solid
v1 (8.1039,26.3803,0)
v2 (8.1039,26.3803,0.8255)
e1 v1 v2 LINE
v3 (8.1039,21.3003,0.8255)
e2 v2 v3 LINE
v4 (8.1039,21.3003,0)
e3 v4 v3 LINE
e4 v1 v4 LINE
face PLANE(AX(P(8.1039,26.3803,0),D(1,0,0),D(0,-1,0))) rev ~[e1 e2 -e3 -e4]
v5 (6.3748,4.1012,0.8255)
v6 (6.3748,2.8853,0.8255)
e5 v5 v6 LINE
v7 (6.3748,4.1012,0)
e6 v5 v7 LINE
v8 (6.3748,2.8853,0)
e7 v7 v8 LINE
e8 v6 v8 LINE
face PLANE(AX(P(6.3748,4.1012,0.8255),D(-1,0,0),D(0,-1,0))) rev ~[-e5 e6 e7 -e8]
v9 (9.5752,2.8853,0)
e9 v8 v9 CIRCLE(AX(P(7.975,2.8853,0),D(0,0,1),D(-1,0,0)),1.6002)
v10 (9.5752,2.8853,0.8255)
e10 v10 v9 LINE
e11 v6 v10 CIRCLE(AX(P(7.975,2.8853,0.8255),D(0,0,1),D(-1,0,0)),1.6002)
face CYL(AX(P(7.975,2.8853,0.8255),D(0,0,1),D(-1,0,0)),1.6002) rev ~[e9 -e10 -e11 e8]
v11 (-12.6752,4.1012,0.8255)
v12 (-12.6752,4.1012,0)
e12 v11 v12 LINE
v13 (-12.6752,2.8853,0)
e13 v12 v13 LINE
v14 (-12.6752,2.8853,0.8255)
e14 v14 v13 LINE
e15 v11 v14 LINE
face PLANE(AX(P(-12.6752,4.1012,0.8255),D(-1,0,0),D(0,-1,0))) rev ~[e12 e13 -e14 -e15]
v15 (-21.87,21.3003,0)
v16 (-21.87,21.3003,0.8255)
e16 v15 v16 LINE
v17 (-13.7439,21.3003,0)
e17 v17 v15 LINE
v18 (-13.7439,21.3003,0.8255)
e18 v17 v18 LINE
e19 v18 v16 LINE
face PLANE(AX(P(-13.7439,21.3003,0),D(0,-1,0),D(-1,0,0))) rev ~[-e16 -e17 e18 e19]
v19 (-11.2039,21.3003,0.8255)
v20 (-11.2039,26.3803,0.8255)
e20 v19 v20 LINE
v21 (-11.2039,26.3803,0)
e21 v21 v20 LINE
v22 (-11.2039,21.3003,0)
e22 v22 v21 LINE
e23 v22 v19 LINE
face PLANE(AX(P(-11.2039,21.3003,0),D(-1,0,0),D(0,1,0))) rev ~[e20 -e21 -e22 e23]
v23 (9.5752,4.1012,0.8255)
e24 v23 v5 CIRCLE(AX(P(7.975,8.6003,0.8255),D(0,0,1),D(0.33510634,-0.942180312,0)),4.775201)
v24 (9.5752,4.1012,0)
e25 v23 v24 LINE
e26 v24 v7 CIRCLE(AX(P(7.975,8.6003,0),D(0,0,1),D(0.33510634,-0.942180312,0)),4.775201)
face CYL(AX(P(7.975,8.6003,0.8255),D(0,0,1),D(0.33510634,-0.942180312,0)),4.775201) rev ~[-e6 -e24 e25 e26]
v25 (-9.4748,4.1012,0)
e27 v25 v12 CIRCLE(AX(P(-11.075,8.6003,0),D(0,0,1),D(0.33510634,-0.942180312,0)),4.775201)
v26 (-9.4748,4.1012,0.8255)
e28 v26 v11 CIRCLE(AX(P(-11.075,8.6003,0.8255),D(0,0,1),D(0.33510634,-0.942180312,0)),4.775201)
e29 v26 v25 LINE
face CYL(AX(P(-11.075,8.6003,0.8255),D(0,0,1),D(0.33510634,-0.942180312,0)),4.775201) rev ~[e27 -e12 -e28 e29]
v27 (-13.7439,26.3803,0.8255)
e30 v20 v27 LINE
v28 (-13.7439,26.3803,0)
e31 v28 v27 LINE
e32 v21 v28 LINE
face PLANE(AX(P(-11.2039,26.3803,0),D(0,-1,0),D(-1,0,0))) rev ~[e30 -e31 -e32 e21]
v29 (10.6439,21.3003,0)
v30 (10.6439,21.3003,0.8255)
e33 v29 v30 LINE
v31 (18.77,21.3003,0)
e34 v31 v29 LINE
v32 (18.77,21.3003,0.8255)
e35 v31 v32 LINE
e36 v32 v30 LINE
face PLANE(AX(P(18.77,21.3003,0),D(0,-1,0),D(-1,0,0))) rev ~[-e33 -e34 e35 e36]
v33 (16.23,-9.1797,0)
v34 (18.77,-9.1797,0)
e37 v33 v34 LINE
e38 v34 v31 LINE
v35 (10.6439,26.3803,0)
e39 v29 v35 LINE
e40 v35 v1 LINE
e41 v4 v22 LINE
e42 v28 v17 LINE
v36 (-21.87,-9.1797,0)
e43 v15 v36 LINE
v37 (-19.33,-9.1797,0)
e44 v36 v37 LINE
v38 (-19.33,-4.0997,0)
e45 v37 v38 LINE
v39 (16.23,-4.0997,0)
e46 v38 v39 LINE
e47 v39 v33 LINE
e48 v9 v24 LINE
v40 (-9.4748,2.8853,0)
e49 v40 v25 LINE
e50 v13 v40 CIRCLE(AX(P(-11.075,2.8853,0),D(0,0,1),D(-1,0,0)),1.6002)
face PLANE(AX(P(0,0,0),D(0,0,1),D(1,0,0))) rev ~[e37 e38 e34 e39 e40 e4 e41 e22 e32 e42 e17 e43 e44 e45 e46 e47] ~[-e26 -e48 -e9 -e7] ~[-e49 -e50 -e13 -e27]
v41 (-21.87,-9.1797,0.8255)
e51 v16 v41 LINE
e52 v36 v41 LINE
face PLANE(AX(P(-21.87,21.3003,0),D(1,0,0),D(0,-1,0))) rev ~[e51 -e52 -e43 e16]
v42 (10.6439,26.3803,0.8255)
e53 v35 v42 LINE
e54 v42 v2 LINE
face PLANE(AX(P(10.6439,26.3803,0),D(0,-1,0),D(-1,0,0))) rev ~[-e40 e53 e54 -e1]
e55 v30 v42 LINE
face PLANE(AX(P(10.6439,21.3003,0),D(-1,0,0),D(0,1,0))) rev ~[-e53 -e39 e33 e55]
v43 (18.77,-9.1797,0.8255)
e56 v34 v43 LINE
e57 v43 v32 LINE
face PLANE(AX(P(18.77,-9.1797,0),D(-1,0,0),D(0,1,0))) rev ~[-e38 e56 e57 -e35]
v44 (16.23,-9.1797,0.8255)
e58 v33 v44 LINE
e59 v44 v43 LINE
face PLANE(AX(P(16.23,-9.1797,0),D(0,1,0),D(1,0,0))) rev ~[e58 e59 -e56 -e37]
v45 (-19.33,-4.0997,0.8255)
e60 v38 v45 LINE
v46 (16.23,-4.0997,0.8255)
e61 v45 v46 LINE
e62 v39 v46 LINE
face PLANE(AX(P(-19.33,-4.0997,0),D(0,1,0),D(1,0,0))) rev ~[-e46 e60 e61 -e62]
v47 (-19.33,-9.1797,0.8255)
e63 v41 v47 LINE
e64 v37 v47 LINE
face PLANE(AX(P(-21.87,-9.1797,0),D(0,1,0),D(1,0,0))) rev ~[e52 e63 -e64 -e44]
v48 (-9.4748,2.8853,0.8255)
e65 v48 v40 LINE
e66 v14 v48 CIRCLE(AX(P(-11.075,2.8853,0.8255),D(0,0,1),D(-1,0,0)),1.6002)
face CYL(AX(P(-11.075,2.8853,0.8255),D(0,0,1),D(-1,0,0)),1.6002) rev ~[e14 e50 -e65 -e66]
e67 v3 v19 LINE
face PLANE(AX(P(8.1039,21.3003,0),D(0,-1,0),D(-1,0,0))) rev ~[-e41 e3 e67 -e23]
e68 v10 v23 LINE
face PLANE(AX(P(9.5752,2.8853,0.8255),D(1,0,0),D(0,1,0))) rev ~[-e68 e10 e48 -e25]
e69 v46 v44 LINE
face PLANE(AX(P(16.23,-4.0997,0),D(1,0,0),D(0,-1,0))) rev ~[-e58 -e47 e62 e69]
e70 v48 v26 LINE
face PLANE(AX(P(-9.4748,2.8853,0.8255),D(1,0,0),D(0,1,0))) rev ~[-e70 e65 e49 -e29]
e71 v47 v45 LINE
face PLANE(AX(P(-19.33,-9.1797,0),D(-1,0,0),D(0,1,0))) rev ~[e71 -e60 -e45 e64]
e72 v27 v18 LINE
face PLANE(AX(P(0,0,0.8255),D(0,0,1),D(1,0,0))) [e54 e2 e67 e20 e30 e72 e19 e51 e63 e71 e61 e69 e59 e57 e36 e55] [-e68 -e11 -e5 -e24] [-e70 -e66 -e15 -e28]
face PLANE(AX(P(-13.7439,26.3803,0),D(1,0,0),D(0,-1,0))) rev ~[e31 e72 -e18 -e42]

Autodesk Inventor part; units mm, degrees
ref_plane "YZ Plane" through (0, 0, 0) normal (1, 0, 0) x (0, 1, 0)
ref_plane "XZ Plane" through (0, 0, 0) normal (0, 1, 0) x (-1, 0, 0)
ref_plane "XY Plane" through (0, 0, 0) normal (0, 0, 1) x (1, 0, 0)
sketch "Sketch1" plane through (0, 0, 0) normal (0, 0, 1) x (1, 0, 0)
  line L0 (-21.87, 21.3003) -> (-21.87, -9.1797)
  line L1 (-21.87, -9.1797) -> (-19.33, -9.1797)
  line L2 (-19.33, -9.1797) -> (-19.33, -4.0997)
  line L3 (-19.33, -4.0997) -> (16.23, -4.0997)
  line L4 (16.23, -4.0997) -> (16.23, -9.1797)
  line L5 (16.23, -9.1797) -> (18.77, -9.1797)
  line L6 (18.77, -9.1797) -> (18.77, 21.3003)
  line L7 (18.77, 21.3003) -> (10.6439, 21.3003)
  line L8 (10.6439, 21.3003) -> (10.6439, 26.3803)
  line L9 (10.6439, 26.3803) -> (8.1039, 26.3803)
  line L10 (8.1039, 26.3803) -> (8.1039, 21.3003)
  line L11 (8.1039, 21.3003) -> (-11.2039, 21.3003)
  line L12 (-11.2039, 21.3003) -> (-11.2039, 26.3803)
  line L13 (-11.2039, 26.3803) -> (-13.7439, 26.3803)
  line L14 (-13.7439, 26.3803) -> (-13.7439, 21.3003)
  line L15 (-13.7439, 21.3003) -> (-21.87, 21.3003)
  dimension "d0" = 40.64
  dimension "d1" = 25.4
  dimension "d2" = 5.08
  dimension "d3" = 2.54
  dimension "d5" = 5.08
  dimension "d18" = 2.54
extrude "Extrusion1" add sketch "Sketch1" along normal blind 0.8255
sketch "Sketch2" plane through (0, 0, 0.8255) normal (0, 0, 1) x (1, 0, 0)
  line L0 (-13.7439, 21.3003) -> (-13.7439, 26.3803) projected
  arc A0 (-9.4748, 4.1012) -> (-12.6752, 4.1012) centre (-11.075, 8.6003) ccw
  line L1 (-12.6752, 4.1012) -> (-12.6752, 2.8853)
  arc A1 (-12.6752, 2.8853) -> (-9.4748, 2.8853) centre (-11.075, 2.8853) ccw
  line L2 (-9.4748, 2.8853) -> (-9.4748, 4.1012)
  line L3 (-21.87, -9.1797) -> (-21.87, 21.3003) projected
  point P0 (-19.33, -4.0997)
  dimension "d8" = 5.715
  dimension "d9" = 4.7752
  dimension "d10" = 1.6002
  dimension "d16" = 10.795
  dimension "d17" = 12.7
extrude "Extrusion2" cut sketch "Sketch2" against normal blind 0.8255
pattern_linear "Rectangular Pattern1" count 2 spacing 19.05 along (1, 0, 0) of "Extrusion2"
properties part number "adaptplate"
